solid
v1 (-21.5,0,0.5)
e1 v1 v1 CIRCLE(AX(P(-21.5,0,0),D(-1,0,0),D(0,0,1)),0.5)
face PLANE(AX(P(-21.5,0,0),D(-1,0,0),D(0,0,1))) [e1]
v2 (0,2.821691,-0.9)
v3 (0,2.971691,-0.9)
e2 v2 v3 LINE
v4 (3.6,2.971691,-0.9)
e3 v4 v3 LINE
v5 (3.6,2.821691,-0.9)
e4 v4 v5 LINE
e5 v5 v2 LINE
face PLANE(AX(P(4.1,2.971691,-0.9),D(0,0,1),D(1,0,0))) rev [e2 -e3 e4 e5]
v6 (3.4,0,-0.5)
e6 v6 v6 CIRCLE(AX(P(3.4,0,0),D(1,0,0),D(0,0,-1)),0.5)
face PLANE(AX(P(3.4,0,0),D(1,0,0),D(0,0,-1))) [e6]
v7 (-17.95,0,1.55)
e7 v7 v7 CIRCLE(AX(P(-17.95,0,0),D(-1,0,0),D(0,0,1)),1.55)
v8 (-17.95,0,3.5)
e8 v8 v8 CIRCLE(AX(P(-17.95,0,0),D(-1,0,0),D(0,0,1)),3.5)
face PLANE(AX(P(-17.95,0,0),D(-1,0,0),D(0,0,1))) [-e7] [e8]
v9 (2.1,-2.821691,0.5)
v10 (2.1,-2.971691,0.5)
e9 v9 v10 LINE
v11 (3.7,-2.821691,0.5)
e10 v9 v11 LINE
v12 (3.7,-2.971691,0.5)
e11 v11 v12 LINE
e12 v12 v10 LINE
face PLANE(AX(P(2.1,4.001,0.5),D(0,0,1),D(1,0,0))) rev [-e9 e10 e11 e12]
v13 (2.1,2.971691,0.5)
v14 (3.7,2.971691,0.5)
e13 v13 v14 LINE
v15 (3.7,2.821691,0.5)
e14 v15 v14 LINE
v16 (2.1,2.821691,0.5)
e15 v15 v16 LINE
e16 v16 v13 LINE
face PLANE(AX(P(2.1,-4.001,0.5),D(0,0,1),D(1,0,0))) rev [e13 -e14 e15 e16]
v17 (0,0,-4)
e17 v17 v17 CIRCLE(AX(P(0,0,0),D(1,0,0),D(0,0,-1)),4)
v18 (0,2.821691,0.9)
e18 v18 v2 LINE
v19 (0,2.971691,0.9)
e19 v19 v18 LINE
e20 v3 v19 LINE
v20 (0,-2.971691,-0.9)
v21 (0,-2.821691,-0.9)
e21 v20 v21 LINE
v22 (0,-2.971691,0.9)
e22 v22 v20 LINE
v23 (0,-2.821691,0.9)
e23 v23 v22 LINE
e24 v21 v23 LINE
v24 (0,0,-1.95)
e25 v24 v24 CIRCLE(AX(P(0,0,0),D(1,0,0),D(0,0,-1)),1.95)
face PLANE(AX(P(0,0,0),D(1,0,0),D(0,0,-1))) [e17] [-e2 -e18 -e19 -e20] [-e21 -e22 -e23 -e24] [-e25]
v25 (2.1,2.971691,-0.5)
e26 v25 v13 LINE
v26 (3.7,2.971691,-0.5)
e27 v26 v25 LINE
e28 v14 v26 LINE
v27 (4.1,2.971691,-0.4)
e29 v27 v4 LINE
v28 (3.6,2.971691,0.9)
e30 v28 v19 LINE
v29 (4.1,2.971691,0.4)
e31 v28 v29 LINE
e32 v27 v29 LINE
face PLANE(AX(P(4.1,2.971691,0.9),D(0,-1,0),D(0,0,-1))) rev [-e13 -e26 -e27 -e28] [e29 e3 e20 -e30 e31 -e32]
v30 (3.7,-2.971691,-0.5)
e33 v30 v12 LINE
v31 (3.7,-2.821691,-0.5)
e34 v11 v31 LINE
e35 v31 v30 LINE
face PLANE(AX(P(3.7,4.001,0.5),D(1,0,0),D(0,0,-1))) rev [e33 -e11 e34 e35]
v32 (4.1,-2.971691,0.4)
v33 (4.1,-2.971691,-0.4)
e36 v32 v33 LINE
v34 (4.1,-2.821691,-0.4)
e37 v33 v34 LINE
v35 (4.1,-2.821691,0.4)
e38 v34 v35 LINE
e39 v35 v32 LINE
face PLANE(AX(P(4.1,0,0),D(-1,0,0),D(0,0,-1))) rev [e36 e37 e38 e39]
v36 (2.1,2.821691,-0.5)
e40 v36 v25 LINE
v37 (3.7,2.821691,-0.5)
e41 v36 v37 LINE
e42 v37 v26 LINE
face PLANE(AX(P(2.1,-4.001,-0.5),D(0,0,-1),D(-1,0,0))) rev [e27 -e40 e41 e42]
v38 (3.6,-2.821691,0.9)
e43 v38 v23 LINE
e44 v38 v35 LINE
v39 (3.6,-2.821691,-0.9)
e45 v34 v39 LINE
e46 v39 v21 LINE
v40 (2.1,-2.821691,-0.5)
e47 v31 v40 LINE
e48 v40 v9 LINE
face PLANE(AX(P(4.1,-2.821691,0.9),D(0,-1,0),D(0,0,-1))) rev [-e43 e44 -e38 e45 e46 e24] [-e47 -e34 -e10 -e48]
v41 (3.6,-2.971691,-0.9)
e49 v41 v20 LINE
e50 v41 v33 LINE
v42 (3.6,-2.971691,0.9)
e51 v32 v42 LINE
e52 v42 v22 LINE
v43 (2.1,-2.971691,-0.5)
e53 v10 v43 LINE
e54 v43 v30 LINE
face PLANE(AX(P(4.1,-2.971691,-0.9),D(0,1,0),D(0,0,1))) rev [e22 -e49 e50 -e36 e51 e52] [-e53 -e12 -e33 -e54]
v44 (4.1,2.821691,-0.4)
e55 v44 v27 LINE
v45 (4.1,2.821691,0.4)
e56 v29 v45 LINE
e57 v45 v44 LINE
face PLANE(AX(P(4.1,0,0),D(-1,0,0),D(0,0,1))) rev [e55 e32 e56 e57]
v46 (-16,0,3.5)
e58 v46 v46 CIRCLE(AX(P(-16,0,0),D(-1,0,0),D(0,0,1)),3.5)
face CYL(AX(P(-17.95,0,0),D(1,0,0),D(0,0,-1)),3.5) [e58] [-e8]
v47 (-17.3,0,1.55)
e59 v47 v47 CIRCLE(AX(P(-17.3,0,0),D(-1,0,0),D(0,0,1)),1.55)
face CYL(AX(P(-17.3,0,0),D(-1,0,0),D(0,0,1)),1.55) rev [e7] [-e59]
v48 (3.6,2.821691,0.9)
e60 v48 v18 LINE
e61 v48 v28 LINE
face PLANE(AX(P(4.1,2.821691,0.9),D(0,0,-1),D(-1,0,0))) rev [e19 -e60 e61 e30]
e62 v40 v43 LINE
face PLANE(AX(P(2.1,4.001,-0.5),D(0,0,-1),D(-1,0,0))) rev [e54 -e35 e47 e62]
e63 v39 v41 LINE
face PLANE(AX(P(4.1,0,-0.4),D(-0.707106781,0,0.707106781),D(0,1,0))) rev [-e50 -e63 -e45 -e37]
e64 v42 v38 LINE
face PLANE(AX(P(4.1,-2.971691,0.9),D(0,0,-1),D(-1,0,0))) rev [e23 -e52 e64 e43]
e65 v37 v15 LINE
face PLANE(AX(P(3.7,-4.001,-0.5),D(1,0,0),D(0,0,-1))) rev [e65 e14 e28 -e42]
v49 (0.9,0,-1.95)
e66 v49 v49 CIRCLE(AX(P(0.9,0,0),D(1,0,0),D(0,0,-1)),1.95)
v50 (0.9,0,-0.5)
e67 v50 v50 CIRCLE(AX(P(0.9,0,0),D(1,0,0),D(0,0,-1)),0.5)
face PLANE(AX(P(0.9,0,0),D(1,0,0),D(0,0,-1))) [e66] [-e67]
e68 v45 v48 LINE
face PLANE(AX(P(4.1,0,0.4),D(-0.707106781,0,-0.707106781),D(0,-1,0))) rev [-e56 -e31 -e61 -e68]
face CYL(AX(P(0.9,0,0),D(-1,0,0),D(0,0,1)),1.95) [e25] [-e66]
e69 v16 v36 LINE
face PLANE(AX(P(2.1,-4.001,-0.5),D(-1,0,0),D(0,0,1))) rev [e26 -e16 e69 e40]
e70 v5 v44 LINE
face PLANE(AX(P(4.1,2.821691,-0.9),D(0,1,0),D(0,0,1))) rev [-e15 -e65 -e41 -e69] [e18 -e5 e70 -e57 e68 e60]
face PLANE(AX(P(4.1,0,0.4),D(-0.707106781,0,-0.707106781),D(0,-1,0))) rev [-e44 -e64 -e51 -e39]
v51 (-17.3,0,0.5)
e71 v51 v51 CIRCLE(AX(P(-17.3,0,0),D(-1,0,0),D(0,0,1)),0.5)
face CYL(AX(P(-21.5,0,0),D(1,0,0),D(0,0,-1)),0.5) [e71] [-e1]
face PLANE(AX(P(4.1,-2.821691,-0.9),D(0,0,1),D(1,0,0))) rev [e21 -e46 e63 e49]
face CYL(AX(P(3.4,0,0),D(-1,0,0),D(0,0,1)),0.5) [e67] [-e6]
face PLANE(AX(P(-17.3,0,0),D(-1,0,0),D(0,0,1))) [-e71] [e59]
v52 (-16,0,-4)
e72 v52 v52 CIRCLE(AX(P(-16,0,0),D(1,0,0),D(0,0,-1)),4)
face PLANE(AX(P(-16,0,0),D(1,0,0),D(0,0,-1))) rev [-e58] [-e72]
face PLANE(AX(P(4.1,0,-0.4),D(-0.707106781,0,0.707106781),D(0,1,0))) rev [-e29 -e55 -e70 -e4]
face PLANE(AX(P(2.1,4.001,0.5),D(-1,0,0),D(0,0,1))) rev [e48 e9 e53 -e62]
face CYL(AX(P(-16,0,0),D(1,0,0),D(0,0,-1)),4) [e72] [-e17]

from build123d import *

# Parameters (mm, degrees)
ESBO_O1_R                        = 4
RESSALTO_EXTRUS_O1_DEPTH         = 16
ESBO_O2_R                        = 3.5
RESSALTO_EXTRUS_O2_DEPTH         = 1.95
ESBO_O4_R                        = 1.95
RESSALTO_EXTRUS_O4_DEPTH         = 0.9
ESBO_O5_R                        = 0.5
RESSALTO_EXTRUS_O5_DEPTH         = 2.5
ESBO_O6_W                        = 1.8
ESBO_O6_H                        = 0.15
RESSALTO_EXTRUS_O6_DEPTH         = 4.1
CHANFRO1_SIZE                    = 0.5
CORTE_EXTRUS_O1_REACH            = 21.667
ESBO_O7_W                        = 1.6
ESBO_O7_H                        = 1
PADR_OCIRCULAR1_COUNT            = 2
CHANFRO1_OF_PADR_OCIRCULAR1_SIZE = 0.5
ESBO_O3_R                        = 1.55
CORTE_EXTRUS_O2_DEPTH            = 0.65
RESSALTO_EXTRUS_O7_START         = 4.2
ESBO_O9_R                        = 0.5
RESSALTO_EXTRUS_O7_DEPTH         = 4.2


with BuildPart() as part:
    # Esboço1 → Ressalto-extrusão1 (new body)
    with BuildSketch(Plane(origin=(0, 0, 0), x_dir=(0, 0, -1), z_dir=(1, 0, 0))):
        Circle(ESBO_O1_R)
    extrude(amount=-RESSALTO_EXTRUS_O1_DEPTH)

    # Esboço2 → Ressalto-extrusão2 (add)
    with BuildSketch(Plane.ZY.offset(16)):
        Circle(ESBO_O2_R)
    extrude(amount=RESSALTO_EXTRUS_O2_DEPTH)

    # Esboço4 → Ressalto-extrusão4 (add)
    with BuildSketch(Plane(origin=(0, 0, 0), x_dir=(0, 0, -1), z_dir=(1, 0, 0))):
        Circle(ESBO_O4_R)
    extrude(amount=RESSALTO_EXTRUS_O4_DEPTH)

    # Esboço5 → Ressalto-extrusão5 (add)
    with BuildSketch(Plane(origin=(0.9, 0, 0), x_dir=(0, 0, -1), z_dir=(1, 0, 0))):
        Circle(ESBO_O5_R)
    extrude(amount=RESSALTO_EXTRUS_O5_DEPTH)

    # Esboço6 → Ressalto-extrusão6 (add)
    with BuildSketch(Plane(origin=(0, 0, 0), x_dir=(0, 0, -1), z_dir=(1, 0, 0))):
        with Locations((0, 2.896690855)):
            Rectangle(ESBO_O6_W, ESBO_O6_H)
    ressalto_extrus_o6 = extrude(amount=RESSALTO_EXTRUS_O6_DEPTH)

    # Chanfro1
    chanfro1_edges = [part.edges().sort_by_distance(p)[0] for p in [
        (4.1, 2.896690855, 0.9),
        (4.1, 2.896690855, -0.9),
    ]]
    chamfer(chanfro1_edges, length=CHANFRO1_SIZE)

    # Esboço7 → Corte-extrusão1 (cut, up to next)
    with BuildSketch(Plane(origin=(0, 2.971690855, 0), x_dir=(1, 0, 0), z_dir=(0, 1, 0)), mode=Mode.PRIVATE) as corte_extrus_o1_sk1:
        with Locations((2.9, 0)):
            Rectangle(ESBO_O7_W, ESBO_O7_H)
    corte_extrus_o1_tool1 = extrude(corte_extrus_o1_sk1.sketch, amount=-CORTE_EXTRUS_O1_REACH, mode=Mode.PRIVATE) & part.part
    corte_extrus_o1 = corte_extrus_o1_tool1.solids().sort_by_distance((2.9, 2.971691, 0))[0]
    add(corte_extrus_o1, mode=Mode.SUBTRACT)

    # PadrãoCircular1: Ressalto-extrusão6, Corte-extrusão1 ×2 about axis
    padr_ocircular1_axis = Axis((0, 0, 0), (1, 0, 0))
    add([ressalto_extrus_o6.rotate(padr_ocircular1_axis, i * 360 / PADR_OCIRCULAR1_COUNT) for i in range(1, PADR_OCIRCULAR1_COUNT)])
    add([corte_extrus_o1.rotate(padr_ocircular1_axis, i * 360 / PADR_OCIRCULAR1_COUNT) for i in range(1, PADR_OCIRCULAR1_COUNT)], mode=Mode.SUBTRACT)

    # Chanfro1 of PadrãoCircular1
    chanfro1_of_padr_ocircular1_edges = [part.edges().sort_by_distance(p)[0] for p in [
        (4.1, -2.896690855, -0.9),
        (4.1, -2.896690855, 0.9),
    ]]
    chamfer(chanfro1_of_padr_ocircular1_edges, length=CHANFRO1_OF_PADR_OCIRCULAR1_SIZE)

    # Esboço3 → Corte-extrusão2 (cut)
    with BuildSketch(Plane.ZY.offset(17.95)):
        Circle(ESBO_O3_R)
    extrude(amount=-CORTE_EXTRUS_O2_DEPTH, mode=Mode.SUBTRACT)

    # Esboço9 → Ressalto-extrusão7 (add)
    with BuildSketch(Plane.ZY.offset(17.3).offset(RESSALTO_EXTRUS_O7_START)):
        with Locations(Location((0, 0, 0), (0, 0, 180))):
            Circle(ESBO_O9_R)
    extrude(amount=-RESSALTO_EXTRUS_O7_DEPTH)


solid = part.part
